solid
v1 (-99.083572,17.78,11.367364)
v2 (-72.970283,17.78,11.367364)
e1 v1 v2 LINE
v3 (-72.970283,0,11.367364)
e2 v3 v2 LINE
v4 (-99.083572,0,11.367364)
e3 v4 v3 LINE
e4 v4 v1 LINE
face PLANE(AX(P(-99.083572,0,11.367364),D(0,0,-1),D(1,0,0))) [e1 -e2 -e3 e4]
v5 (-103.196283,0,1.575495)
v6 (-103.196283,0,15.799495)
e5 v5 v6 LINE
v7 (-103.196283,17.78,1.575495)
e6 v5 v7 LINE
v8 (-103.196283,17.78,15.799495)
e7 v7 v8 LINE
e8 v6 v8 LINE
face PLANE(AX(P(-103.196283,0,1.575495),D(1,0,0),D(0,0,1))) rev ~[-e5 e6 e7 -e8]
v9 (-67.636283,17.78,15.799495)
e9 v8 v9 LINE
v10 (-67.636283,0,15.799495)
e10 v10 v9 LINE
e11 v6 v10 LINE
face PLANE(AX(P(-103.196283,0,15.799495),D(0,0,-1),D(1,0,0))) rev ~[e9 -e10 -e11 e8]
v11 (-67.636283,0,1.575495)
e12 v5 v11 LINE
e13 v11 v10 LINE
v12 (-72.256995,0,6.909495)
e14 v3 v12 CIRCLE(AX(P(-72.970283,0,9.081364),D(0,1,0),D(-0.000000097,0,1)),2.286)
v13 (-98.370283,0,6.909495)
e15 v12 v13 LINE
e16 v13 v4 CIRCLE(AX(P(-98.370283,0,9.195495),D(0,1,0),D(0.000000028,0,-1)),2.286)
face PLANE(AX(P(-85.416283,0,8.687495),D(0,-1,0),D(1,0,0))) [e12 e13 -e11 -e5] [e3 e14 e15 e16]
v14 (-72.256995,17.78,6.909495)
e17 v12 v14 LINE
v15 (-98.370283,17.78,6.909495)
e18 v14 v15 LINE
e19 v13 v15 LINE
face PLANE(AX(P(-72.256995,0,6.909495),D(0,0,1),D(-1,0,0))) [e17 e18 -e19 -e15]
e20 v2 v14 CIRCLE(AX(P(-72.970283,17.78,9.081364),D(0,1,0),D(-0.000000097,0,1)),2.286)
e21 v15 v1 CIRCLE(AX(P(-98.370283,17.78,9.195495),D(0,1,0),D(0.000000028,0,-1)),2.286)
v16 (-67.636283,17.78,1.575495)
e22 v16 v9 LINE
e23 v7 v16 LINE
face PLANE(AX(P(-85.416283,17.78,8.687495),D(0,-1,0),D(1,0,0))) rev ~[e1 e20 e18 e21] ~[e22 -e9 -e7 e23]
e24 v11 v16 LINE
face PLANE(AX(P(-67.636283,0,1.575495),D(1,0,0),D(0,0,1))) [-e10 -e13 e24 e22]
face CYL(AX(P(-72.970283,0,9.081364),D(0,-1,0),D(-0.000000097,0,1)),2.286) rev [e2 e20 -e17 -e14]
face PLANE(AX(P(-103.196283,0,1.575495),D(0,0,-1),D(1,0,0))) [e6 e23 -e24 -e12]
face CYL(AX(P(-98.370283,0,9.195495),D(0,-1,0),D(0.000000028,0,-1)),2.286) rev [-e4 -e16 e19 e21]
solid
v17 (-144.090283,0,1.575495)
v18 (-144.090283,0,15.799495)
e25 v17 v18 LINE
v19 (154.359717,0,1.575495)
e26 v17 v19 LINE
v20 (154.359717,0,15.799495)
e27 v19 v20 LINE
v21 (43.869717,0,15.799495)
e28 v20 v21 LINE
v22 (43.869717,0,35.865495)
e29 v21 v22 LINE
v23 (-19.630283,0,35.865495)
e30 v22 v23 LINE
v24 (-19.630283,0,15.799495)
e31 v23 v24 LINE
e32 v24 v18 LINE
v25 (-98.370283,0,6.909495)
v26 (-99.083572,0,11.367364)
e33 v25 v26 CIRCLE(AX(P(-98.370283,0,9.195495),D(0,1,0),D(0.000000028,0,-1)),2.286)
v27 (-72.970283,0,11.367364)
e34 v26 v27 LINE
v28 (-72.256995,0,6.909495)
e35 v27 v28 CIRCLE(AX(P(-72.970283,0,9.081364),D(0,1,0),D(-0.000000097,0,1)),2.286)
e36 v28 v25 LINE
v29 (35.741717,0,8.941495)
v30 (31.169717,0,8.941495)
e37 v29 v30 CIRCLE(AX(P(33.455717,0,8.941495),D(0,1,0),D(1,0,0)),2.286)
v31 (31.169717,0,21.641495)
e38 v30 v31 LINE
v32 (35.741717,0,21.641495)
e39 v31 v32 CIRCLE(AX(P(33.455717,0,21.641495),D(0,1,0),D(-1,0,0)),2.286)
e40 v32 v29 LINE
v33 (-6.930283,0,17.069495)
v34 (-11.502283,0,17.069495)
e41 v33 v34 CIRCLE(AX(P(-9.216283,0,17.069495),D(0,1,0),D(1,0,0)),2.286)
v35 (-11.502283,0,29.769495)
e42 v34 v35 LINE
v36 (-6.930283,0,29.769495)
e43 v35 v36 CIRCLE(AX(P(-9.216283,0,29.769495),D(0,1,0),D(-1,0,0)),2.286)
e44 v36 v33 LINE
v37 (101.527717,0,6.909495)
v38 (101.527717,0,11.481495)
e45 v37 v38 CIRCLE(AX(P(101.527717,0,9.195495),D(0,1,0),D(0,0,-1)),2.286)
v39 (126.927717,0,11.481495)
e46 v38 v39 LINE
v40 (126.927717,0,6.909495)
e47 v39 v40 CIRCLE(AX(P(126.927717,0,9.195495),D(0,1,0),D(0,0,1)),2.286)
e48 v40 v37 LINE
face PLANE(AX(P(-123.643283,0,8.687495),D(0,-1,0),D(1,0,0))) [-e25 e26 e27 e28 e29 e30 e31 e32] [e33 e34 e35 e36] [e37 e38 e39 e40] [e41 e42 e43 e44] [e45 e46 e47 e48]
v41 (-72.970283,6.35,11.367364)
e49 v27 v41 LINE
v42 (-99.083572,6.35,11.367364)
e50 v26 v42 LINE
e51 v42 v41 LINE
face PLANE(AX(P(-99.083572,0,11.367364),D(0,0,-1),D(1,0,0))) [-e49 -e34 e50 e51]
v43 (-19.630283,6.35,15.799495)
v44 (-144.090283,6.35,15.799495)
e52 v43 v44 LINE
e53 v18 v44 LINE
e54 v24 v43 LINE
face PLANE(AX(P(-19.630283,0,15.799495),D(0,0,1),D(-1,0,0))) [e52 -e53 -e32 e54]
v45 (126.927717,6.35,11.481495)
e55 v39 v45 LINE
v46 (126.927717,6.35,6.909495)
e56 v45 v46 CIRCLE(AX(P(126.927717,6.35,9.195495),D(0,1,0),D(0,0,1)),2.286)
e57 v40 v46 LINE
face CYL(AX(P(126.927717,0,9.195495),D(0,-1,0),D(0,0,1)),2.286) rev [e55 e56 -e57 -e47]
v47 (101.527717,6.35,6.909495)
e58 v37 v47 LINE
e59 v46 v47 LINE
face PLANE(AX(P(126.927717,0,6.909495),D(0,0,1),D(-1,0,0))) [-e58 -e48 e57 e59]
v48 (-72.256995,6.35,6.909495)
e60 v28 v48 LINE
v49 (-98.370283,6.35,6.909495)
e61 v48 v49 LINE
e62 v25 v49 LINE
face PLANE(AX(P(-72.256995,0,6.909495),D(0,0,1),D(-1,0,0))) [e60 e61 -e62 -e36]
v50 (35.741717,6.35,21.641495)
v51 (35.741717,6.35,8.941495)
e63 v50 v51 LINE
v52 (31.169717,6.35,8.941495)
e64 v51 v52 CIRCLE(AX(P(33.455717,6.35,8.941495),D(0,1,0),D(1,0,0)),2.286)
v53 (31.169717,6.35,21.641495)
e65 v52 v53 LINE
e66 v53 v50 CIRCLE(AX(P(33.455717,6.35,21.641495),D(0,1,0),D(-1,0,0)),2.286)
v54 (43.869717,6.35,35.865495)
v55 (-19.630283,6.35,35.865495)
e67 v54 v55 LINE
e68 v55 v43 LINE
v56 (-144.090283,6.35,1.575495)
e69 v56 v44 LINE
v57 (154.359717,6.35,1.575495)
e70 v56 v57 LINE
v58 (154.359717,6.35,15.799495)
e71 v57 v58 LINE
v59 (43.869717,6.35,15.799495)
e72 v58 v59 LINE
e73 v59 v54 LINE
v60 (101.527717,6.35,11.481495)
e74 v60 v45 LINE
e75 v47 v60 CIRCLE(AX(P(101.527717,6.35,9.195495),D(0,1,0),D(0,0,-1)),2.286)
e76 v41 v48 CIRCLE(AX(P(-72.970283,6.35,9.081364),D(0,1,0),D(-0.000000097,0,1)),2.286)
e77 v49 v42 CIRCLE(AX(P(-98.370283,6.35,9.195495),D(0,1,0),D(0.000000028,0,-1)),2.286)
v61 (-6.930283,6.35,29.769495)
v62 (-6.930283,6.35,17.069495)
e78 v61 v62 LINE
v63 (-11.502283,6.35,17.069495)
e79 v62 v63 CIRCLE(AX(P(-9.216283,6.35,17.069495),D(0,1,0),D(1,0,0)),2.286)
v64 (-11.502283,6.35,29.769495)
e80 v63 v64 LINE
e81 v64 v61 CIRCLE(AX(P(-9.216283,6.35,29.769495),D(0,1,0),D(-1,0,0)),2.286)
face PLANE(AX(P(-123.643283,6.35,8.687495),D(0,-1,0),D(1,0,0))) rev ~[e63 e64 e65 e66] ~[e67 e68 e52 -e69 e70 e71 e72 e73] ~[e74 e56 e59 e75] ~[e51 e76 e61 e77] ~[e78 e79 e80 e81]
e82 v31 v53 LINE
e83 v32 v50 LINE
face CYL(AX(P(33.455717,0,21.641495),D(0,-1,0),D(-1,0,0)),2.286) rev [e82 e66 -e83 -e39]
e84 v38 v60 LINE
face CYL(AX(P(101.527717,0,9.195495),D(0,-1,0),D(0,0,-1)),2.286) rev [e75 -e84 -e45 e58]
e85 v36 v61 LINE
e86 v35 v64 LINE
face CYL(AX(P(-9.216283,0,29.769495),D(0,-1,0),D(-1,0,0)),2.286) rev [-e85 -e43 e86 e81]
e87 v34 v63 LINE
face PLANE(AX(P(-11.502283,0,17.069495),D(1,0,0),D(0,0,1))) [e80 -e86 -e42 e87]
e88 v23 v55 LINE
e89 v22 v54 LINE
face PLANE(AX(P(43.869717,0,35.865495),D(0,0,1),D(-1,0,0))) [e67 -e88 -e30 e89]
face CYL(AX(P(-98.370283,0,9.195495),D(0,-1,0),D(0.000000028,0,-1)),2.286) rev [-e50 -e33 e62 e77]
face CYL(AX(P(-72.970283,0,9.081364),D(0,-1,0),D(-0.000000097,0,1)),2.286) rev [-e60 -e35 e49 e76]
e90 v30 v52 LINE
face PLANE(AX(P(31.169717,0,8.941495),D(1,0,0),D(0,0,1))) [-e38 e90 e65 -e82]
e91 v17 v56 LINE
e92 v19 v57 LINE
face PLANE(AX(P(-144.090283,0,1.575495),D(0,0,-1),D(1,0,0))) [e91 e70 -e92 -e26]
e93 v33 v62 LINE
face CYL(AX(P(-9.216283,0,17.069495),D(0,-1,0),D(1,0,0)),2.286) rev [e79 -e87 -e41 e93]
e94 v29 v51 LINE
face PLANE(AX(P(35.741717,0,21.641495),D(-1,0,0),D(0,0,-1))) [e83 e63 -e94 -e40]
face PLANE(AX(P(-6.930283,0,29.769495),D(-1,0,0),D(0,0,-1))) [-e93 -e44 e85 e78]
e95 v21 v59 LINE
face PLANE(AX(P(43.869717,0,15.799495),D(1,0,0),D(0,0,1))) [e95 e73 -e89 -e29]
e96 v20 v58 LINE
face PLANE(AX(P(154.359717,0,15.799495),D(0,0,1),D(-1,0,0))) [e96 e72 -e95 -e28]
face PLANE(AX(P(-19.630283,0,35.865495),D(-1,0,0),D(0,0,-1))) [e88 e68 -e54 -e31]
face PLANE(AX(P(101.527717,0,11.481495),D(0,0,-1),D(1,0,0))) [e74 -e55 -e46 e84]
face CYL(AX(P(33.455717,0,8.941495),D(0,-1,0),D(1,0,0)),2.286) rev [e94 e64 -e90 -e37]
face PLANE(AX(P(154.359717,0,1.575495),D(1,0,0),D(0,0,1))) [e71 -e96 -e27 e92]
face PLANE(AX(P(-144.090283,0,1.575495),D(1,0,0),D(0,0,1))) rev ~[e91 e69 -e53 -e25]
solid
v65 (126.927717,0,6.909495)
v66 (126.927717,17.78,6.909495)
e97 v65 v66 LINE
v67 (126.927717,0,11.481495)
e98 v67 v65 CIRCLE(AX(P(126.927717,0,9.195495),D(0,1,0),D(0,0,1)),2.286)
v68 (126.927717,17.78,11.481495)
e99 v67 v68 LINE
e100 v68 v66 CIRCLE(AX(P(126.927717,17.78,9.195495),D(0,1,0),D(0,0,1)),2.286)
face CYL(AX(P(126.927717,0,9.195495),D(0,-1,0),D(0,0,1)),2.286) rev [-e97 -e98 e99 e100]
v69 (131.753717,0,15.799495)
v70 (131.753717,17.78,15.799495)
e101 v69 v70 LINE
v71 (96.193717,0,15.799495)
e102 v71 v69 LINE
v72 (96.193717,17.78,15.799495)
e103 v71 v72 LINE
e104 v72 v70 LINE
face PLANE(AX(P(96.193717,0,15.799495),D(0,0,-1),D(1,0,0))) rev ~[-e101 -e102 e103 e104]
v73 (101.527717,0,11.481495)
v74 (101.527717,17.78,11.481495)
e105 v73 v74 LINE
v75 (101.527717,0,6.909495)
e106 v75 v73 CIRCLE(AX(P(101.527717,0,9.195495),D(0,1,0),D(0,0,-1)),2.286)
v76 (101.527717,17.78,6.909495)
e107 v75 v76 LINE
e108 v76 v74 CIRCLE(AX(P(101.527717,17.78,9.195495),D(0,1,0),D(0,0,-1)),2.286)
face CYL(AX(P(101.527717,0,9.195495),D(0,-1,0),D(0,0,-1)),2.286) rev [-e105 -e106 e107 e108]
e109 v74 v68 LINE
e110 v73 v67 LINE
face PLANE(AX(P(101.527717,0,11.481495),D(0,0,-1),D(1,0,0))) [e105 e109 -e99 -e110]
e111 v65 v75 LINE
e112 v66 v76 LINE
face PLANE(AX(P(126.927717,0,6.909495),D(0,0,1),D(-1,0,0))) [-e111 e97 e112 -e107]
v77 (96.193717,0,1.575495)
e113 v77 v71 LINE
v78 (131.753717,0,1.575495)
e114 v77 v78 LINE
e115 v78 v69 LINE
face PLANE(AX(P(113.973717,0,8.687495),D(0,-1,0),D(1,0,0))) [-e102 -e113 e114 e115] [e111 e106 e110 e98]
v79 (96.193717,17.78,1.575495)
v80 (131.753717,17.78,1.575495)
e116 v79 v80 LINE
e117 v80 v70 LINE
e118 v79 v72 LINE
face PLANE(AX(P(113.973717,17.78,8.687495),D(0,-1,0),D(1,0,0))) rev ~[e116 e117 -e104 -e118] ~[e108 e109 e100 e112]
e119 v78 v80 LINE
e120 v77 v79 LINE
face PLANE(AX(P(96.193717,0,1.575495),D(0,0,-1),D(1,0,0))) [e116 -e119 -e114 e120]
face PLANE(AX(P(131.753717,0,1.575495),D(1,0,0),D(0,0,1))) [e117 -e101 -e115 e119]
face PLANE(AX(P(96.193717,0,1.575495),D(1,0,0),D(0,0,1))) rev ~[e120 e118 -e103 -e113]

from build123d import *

# Parameters (mm, degrees)
F0_W     = 40.894
F0_H     = 14.224
F0_W_2   = 35.56
F0_W_3   = 22.606
F1_DEPTH = 6.35
F2_DEPTH = 17.78


with BuildPart() as f1:
    # F0 (on Front) → F1 (new body)
    with BuildSketch(Plane.XZ):
        with Locations((-123.643283, 8.687495)):
            Rectangle(F0_W, F0_H)
        with Locations((-85.416283, 8.687495)):
            Rectangle(F0_W_2, F0_H)
        with BuildLine():
            ThreePointArc((-98.370283, 6.909495), (-100.62757, 8.834314), (-99.083572, 11.367364))
            Line((-99.083572, 11.367364), (-72.970283, 11.367364))
            ThreePointArc((-72.970283, 11.367364), (-70.712996, 9.442545), (-72.256995, 6.909495))
            Line((-72.256995, 6.909495), (-98.370283, 6.909495))
        make_face(mode=Mode.SUBTRACT)
        Polygon((-19.630283, 15.799495), (-67.636283, 15.799495), (-67.636283, 1.575495), (96.193717, 1.575495), (96.193717, 15.799495), (43.869717, 15.799495), (43.869717, 35.865495), (-19.630283, 35.865495), align=None)
        with BuildLine():
            ThreePointArc((31.169717, 21.641495), (33.455717, 23.927495), (35.741717, 21.641495))
            Line((35.741717, 21.641495), (35.741717, 8.941495))
            ThreePointArc((35.741717, 8.941495), (33.455717, 6.655495), (31.169717, 8.941495))
            Line((31.169717, 8.941495), (31.169717, 21.641495))
        make_face(mode=Mode.SUBTRACT)
        with BuildLine():
            ThreePointArc((-11.502283, 29.769495), (-9.216283, 32.055495), (-6.930283, 29.769495))
            Line((-6.930283, 29.769495), (-6.930283, 17.069495))
            ThreePointArc((-6.930283, 17.069495), (-9.216283, 14.783495), (-11.502283, 17.069495))
            Line((-11.502283, 17.069495), (-11.502283, 29.769495))
        make_face(mode=Mode.SUBTRACT)
        with Locations((113.973717, 8.687495)):
            Rectangle(F0_W_2, F0_H)
        with BuildLine():
            ThreePointArc((101.527717, 6.909495), (99.241717, 9.195495), (101.527717, 11.481495))
            Line((101.527717, 11.481495), (126.927717, 11.481495))
            ThreePointArc((126.927717, 11.481495), (129.213717, 9.195495), (126.927717, 6.909495))
            Line((126.927717, 6.909495), (101.527717, 6.909495))
        make_face(mode=Mode.SUBTRACT)
        with Locations((143.056717, 8.687495)):
            Rectangle(F0_W_3, F0_H)
    extrude(amount=-F1_DEPTH)


with BuildPart() as f2:
    # F0 (on Front) → F2 (new body)
    with BuildSketch(Plane.XZ):
        with Locations((-85.416283, 8.687495)):
            Rectangle(F0_W_2, F0_H)
        with BuildLine():
            ThreePointArc((-98.370283, 6.909495), (-100.62757, 8.834314), (-99.083572, 11.367364))
            Line((-99.083572, 11.367364), (-72.970283, 11.367364))
            ThreePointArc((-72.970283, 11.367364), (-70.712996, 9.442545), (-72.256995, 6.909495))
            Line((-72.256995, 6.909495), (-98.370283, 6.909495))
        make_face(mode=Mode.SUBTRACT)
        with Locations((113.973717, 8.687495)):
            Rectangle(F0_W_2, F0_H)
        with BuildLine():
            ThreePointArc((101.527717, 6.909495), (99.241717, 9.195495), (101.527717, 11.481495))
            Line((101.527717, 11.481495), (126.927717, 11.481495))
            ThreePointArc((126.927717, 11.481495), (129.213717, 9.195495), (126.927717, 6.909495))
            Line((126.927717, 6.909495), (101.527717, 6.909495))
        make_face(mode=Mode.SUBTRACT)
    extrude(amount=-F2_DEPTH)


solid = Compound([f1.part, f2.part])
